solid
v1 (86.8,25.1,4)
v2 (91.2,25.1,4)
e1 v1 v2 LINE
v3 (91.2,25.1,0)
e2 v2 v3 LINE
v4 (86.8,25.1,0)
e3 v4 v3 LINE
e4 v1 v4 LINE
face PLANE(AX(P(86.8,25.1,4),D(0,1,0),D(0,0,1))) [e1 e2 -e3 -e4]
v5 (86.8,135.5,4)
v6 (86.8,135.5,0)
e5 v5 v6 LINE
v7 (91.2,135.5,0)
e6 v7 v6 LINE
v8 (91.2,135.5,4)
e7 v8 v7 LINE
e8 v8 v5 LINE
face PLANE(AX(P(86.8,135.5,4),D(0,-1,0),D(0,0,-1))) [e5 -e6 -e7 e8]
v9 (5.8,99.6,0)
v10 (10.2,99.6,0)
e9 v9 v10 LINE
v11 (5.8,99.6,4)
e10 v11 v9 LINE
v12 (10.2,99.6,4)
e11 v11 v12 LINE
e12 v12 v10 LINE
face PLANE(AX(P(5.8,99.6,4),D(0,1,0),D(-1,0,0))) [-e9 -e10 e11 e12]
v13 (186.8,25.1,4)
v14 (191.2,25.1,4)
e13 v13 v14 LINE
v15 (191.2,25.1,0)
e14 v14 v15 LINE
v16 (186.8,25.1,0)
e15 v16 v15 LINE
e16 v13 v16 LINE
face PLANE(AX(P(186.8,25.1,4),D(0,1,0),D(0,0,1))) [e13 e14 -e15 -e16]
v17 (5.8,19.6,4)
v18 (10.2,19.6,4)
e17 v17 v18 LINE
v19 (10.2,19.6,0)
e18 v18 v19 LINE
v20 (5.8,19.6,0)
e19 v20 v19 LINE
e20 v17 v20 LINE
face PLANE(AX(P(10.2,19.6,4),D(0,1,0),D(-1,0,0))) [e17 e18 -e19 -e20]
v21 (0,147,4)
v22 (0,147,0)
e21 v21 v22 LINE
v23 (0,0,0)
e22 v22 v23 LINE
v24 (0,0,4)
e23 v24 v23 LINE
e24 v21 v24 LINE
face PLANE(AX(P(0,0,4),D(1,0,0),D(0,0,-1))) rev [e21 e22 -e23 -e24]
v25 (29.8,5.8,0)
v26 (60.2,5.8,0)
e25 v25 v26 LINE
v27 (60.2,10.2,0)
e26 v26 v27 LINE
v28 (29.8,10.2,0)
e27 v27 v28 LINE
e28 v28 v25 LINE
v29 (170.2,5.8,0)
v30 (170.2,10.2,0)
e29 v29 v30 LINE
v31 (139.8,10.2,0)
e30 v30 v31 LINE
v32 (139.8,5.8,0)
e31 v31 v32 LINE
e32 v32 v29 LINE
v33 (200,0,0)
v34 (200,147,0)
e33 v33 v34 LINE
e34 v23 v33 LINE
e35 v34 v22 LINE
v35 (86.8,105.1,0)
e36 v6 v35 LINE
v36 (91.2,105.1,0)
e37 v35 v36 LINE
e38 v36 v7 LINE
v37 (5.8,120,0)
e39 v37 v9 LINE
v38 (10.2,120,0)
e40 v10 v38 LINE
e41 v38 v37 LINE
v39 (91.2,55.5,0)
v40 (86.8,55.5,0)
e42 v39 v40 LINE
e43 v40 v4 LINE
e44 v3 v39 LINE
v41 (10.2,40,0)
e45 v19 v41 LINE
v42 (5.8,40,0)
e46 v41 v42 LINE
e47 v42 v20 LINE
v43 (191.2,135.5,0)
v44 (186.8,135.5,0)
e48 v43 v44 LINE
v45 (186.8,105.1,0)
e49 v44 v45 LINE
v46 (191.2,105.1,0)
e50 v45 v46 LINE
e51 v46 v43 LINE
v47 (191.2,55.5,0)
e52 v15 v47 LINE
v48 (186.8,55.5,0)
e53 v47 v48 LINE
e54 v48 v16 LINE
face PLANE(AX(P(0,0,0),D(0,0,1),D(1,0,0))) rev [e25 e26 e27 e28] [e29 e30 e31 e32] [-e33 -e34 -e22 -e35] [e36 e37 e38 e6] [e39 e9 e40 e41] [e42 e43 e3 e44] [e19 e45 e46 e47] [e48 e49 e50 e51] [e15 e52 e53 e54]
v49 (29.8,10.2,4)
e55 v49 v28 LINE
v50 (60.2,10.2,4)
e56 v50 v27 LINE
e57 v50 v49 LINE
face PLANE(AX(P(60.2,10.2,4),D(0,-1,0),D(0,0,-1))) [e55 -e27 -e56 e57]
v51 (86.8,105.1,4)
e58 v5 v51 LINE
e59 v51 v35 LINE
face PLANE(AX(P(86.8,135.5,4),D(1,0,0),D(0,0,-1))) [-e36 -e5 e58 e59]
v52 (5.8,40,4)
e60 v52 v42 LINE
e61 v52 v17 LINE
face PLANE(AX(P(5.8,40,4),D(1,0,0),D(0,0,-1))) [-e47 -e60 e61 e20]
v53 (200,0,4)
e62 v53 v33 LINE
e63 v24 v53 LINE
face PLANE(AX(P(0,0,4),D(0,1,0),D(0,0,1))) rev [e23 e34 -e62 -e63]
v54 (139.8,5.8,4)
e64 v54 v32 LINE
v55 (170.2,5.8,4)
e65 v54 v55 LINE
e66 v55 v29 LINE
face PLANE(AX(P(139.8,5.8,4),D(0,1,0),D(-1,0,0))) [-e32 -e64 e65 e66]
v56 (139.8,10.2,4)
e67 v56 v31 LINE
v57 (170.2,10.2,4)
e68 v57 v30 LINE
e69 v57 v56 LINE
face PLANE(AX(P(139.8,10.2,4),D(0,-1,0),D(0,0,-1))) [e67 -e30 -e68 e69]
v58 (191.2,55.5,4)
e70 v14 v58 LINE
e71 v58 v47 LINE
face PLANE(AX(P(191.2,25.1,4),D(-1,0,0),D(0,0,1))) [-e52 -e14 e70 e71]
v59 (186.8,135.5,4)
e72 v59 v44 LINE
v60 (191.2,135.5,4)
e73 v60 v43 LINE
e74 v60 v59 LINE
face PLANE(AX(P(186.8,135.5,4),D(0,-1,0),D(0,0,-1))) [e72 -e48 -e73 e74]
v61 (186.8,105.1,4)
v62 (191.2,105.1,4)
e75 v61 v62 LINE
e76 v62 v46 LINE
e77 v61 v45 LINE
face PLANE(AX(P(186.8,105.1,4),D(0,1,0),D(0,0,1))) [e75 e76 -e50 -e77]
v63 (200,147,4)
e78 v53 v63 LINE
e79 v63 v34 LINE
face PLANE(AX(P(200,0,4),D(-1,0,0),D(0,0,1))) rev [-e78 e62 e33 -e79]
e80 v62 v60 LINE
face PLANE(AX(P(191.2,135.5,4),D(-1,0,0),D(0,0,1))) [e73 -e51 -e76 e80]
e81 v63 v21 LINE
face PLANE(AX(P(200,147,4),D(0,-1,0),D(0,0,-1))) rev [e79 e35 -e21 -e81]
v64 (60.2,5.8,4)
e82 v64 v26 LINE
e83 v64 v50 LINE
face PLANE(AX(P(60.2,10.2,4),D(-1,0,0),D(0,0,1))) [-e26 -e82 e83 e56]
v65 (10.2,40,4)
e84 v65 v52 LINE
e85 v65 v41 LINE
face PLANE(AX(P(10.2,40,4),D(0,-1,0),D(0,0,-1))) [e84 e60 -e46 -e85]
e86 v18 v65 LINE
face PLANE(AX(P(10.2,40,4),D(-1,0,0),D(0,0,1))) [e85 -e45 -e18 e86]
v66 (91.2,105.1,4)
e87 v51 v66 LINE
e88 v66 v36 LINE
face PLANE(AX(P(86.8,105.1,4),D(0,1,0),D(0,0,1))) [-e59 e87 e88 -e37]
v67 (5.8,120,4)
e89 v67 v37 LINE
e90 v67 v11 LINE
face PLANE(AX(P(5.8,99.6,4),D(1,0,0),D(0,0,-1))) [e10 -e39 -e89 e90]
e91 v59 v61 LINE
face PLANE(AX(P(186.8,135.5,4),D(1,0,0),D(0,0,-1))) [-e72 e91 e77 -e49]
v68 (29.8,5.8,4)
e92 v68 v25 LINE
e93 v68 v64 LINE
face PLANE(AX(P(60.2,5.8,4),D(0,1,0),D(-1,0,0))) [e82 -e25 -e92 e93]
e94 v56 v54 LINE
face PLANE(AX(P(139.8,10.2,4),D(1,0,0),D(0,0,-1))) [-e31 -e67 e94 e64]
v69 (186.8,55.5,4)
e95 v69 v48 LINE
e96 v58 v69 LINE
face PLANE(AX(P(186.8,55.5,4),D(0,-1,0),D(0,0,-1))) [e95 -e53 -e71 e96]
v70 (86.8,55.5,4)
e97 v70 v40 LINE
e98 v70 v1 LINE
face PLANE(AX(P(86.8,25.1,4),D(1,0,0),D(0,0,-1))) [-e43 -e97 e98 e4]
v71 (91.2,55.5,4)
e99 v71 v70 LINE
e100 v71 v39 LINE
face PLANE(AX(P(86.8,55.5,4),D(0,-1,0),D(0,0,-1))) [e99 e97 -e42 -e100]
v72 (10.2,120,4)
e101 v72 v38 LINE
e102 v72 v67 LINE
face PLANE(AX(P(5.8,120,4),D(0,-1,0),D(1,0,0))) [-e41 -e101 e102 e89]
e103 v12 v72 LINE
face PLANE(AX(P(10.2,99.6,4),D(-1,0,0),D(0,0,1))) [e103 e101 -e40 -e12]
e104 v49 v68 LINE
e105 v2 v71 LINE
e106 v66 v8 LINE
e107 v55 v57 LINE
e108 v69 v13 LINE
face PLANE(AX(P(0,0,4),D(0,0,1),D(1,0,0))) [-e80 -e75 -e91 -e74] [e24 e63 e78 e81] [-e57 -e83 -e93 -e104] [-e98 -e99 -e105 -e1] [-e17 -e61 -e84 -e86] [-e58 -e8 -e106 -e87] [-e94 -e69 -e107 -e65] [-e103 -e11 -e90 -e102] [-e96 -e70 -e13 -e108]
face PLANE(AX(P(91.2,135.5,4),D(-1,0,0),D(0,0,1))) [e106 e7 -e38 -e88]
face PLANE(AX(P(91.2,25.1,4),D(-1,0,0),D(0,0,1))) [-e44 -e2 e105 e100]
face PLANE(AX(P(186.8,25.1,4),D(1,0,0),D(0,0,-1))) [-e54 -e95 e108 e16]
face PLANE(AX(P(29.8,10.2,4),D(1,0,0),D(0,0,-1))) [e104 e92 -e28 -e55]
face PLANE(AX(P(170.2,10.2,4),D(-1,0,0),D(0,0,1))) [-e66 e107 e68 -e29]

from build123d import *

# Parameters (mm, degrees)
SKETCH_1_W      = 200
SKETCH_1_H      = 147
SKETCH_1_W_2    = 4.4
SKETCH_1_H_2    = 20.4
SKETCH_1_W_3    = 30.4
SKETCH_1_H_3    = 4.4
SKETCH_1_H_4    = 30.4
EXTRUDE_1_DEPTH = 4


with BuildPart() as part:
    # Эскиз1 → Бобышка-Вытянуть1 (new body)
    with BuildSketch(Plane.XY):
        with Locations((100, 73.5)):
            Rectangle(SKETCH_1_W, SKETCH_1_H)
        with Locations((8, 29.8)):
            Rectangle(SKETCH_1_W_2, SKETCH_1_H_2, mode=Mode.SUBTRACT)
        with Locations((155, 8)):
            Rectangle(SKETCH_1_W_3, SKETCH_1_H_3, mode=Mode.SUBTRACT)
        with Locations((45, 8)):
            Rectangle(SKETCH_1_W_3, SKETCH_1_H_3, mode=Mode.SUBTRACT)
        with Locations((8, 109.8)):
            Rectangle(SKETCH_1_W_2, SKETCH_1_H_2, mode=Mode.SUBTRACT)
        with Locations((189, 40.3)):
            Rectangle(SKETCH_1_W_2, SKETCH_1_H_4, mode=Mode.SUBTRACT)
        with Locations((189, 120.3)):
            Rectangle(SKETCH_1_W_2, SKETCH_1_H_4, mode=Mode.SUBTRACT)
        with Locations((89, 120.3)):
            Rectangle(SKETCH_1_W_2, SKETCH_1_H_4, mode=Mode.SUBTRACT)
        with Locations((89, 40.3)):
            Rectangle(SKETCH_1_W_2, SKETCH_1_H_4, mode=Mode.SUBTRACT)
    extrude(amount=EXTRUDE_1_DEPTH)


solid = part.part
